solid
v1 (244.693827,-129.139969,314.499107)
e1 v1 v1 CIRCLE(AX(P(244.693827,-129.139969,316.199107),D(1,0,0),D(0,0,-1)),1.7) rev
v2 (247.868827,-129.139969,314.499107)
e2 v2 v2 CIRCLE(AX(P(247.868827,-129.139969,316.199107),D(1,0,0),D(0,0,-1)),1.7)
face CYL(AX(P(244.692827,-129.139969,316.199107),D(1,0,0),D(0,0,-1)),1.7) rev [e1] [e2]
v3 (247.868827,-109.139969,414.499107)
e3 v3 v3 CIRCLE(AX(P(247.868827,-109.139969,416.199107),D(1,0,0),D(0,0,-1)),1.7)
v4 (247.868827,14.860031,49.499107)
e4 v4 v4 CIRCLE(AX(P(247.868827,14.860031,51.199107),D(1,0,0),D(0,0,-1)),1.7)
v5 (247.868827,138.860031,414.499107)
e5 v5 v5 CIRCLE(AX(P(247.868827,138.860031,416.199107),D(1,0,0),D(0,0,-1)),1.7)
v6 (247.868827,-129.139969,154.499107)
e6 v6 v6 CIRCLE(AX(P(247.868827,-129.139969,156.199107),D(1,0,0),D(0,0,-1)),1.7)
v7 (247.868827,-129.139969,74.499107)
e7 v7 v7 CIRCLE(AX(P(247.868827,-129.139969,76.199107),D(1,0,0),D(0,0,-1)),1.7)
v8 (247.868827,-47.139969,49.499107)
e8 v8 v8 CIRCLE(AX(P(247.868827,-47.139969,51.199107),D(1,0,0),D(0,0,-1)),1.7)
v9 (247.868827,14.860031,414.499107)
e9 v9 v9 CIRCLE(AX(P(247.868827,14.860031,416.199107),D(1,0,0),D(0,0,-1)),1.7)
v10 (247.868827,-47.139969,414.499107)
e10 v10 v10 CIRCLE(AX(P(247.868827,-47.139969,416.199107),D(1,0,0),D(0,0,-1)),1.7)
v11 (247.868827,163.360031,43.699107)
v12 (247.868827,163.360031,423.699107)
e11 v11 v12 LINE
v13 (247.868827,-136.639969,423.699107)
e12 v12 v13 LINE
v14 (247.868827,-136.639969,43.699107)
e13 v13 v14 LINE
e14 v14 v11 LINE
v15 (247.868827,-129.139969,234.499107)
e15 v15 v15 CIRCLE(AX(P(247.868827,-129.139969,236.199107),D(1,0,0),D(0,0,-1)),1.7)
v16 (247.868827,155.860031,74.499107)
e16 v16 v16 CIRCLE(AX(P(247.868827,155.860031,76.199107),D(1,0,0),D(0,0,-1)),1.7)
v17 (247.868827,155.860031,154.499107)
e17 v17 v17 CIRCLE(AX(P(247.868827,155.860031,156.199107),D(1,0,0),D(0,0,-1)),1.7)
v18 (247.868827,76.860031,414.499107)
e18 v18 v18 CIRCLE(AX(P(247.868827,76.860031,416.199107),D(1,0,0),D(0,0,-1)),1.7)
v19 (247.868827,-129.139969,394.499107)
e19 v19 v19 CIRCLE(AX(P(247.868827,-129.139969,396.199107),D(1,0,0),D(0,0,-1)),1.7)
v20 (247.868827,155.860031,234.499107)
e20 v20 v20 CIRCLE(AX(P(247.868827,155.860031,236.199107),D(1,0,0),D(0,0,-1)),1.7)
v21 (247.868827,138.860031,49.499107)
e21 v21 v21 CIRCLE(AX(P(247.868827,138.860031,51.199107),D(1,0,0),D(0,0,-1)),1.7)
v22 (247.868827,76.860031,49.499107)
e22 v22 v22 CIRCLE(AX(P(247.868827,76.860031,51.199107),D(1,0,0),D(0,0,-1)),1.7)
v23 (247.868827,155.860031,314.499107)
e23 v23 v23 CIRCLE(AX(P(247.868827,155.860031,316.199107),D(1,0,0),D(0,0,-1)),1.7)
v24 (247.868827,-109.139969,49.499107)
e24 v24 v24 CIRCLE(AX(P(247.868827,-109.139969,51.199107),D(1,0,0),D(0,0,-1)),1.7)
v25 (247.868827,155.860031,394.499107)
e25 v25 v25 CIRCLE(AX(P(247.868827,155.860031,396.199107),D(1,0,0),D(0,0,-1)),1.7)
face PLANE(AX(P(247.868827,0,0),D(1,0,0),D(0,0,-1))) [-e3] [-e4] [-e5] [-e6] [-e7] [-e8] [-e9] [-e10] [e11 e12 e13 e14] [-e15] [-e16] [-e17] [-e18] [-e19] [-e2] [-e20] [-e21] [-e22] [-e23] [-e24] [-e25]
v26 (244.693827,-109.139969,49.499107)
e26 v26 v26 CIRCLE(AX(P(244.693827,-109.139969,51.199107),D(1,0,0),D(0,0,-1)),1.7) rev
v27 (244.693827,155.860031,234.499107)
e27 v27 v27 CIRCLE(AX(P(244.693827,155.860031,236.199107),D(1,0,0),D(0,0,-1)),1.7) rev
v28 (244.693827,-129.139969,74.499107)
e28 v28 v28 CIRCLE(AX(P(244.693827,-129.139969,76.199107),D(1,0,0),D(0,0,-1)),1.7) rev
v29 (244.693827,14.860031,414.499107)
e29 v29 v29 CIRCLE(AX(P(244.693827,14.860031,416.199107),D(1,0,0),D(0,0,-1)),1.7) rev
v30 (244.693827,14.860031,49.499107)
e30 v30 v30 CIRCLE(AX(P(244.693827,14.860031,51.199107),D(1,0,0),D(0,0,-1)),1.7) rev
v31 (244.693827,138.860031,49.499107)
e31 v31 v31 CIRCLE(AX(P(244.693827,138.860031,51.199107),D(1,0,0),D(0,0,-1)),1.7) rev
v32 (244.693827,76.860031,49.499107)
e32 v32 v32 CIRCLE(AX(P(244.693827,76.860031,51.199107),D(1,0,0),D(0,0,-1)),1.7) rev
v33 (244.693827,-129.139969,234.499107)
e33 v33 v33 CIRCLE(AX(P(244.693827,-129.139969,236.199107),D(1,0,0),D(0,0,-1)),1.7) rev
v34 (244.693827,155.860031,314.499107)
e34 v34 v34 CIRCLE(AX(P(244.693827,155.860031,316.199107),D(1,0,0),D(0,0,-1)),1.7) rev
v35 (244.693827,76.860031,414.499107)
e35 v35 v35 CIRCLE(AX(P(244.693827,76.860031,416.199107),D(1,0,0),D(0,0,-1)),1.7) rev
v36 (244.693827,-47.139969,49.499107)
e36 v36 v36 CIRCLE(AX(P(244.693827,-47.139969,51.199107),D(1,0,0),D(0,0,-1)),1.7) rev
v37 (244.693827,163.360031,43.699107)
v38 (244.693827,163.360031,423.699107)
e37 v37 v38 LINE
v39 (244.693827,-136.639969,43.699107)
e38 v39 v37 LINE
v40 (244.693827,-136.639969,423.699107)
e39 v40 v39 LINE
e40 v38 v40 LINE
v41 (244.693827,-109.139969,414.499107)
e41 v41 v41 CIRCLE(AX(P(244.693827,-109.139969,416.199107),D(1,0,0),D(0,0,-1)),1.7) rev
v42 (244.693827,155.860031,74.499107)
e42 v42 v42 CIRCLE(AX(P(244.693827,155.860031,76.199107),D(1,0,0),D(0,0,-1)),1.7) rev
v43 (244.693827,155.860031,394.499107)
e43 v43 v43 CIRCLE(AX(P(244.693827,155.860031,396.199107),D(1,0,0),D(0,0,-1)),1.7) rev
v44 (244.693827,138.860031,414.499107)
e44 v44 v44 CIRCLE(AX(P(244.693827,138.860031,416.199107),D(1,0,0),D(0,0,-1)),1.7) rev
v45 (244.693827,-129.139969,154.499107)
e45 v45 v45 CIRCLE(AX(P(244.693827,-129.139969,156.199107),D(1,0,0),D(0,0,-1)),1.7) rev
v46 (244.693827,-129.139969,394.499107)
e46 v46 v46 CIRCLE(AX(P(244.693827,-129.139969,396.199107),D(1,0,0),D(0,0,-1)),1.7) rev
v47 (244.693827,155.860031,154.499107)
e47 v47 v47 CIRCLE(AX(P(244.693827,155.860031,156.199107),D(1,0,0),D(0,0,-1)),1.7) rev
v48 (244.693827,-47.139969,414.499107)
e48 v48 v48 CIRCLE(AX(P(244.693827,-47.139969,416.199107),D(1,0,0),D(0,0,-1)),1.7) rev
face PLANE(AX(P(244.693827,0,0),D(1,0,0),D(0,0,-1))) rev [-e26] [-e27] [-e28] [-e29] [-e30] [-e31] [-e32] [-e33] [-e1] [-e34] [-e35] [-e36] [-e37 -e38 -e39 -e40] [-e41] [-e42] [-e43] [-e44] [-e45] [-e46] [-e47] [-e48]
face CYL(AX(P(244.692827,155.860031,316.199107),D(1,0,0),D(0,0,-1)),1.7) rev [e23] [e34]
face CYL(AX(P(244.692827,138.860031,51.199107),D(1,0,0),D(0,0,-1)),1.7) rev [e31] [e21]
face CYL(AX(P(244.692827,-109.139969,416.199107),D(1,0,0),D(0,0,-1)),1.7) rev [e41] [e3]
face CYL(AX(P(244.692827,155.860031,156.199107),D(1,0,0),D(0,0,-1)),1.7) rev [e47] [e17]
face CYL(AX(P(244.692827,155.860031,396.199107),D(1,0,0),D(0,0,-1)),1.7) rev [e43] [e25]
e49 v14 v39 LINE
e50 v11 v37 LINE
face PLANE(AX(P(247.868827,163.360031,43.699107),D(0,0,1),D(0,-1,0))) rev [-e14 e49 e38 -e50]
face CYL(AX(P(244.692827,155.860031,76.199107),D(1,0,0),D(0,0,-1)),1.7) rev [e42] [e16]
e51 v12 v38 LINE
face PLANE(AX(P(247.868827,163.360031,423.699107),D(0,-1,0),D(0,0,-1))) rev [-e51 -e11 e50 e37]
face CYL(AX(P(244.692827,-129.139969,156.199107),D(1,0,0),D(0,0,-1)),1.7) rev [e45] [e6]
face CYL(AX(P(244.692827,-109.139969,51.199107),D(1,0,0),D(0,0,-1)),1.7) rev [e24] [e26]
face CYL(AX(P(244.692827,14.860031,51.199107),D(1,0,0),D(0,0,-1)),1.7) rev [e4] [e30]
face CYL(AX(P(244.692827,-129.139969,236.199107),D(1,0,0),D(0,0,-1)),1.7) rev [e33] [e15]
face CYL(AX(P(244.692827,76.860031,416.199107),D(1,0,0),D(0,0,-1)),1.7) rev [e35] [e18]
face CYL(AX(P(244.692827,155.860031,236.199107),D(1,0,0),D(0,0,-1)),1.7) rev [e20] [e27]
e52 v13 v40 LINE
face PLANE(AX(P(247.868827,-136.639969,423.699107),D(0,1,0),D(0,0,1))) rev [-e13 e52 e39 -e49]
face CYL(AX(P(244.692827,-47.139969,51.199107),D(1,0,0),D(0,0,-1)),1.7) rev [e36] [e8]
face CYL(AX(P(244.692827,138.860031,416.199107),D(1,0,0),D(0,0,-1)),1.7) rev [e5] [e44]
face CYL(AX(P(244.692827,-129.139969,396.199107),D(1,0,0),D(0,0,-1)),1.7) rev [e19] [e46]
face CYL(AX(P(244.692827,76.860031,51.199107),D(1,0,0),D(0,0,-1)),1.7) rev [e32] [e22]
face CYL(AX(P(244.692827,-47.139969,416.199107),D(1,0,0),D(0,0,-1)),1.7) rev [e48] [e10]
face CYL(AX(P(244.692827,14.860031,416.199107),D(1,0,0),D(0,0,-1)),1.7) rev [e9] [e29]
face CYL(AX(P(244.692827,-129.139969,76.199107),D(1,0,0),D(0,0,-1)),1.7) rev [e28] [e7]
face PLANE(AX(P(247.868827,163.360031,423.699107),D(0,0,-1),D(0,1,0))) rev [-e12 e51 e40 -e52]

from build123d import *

# Parameters (mm, degrees)
SKETCH1_W         = 380
SKETCH1_H         = 300
PLATE_DEPTH       = 3.175
RAIL_MOUNTS_REACH = 456.112
SKETCH2_R         = 1.7


with BuildPart() as part:
    # Sketch1 → Plate (new body)
    with BuildSketch(Plane(origin=(244.693827342, 0, 0), x_dir=(0, 0, -1), z_dir=(1, 0, 0))):
        with Locations((-233.699106879, 13.360031127)):
            Rectangle(SKETCH1_W, SKETCH1_H)
    extrude(amount=PLATE_DEPTH)

    # Sketch2 → Rail_Mounts (cut, up to next)
    with BuildSketch(Plane(origin=(247.868827342, 0, 0), x_dir=(0, 0, -1), z_dir=(1, 0, 0)), mode=Mode.PRIVATE) as rail_mounts_sk1:
        with Locations((-396.199106879, 155.860031127)):
            Circle(SKETCH2_R)
    rail_mounts_tool1 = extrude(rail_mounts_sk1.sketch, amount=-RAIL_MOUNTS_REACH, mode=Mode.PRIVATE) & part.part
    # Sketch2 → Rail_Mounts (cut, up to next)
    with BuildSketch(Plane(origin=(247.868827342, 0, 0), x_dir=(0, 0, -1), z_dir=(1, 0, 0)), mode=Mode.PRIVATE) as rail_mounts_sk2:
        with Locations((-396.199106879, -129.139968873)):
            Circle(SKETCH2_R)
    rail_mounts_tool2 = extrude(rail_mounts_sk2.sketch, amount=-RAIL_MOUNTS_REACH, mode=Mode.PRIVATE) & part.part
    # Sketch2 → Rail_Mounts (cut, up to next)
    with BuildSketch(Plane(origin=(247.868827342, 0, 0), x_dir=(0, 0, -1), z_dir=(1, 0, 0)), mode=Mode.PRIVATE) as rail_mounts_sk3:
        with Locations((-316.199106879, 155.860031127)):
            Circle(SKETCH2_R)
    rail_mounts_tool3 = extrude(rail_mounts_sk3.sketch, amount=-RAIL_MOUNTS_REACH, mode=Mode.PRIVATE) & part.part
    # Sketch2 → Rail_Mounts (cut, up to next)
    with BuildSketch(Plane(origin=(247.868827342, 0, 0), x_dir=(0, 0, -1), z_dir=(1, 0, 0)), mode=Mode.PRIVATE) as rail_mounts_sk4:
        with Locations((-316.199106879, -129.139968873)):
            Circle(SKETCH2_R)
    rail_mounts_tool4 = extrude(rail_mounts_sk4.sketch, amount=-RAIL_MOUNTS_REACH, mode=Mode.PRIVATE) & part.part
    # Sketch2 → Rail_Mounts (cut, up to next)
    with BuildSketch(Plane(origin=(247.868827342, 0, 0), x_dir=(0, 0, -1), z_dir=(1, 0, 0)), mode=Mode.PRIVATE) as rail_mounts_sk5:
        with Locations((-236.199106879, 155.860031127)):
            Circle(SKETCH2_R)
    rail_mounts_tool5 = extrude(rail_mounts_sk5.sketch, amount=-RAIL_MOUNTS_REACH, mode=Mode.PRIVATE) & part.part
    # Sketch2 → Rail_Mounts (cut, up to next)
    with BuildSketch(Plane(origin=(247.868827342, 0, 0), x_dir=(0, 0, -1), z_dir=(1, 0, 0)), mode=Mode.PRIVATE) as rail_mounts_sk6:
        with Locations((-236.199106879, -129.139968873)):
            Circle(SKETCH2_R)
    rail_mounts_tool6 = extrude(rail_mounts_sk6.sketch, amount=-RAIL_MOUNTS_REACH, mode=Mode.PRIVATE) & part.part
    # Sketch2 → Rail_Mounts (cut, up to next)
    with BuildSketch(Plane(origin=(247.868827342, 0, 0), x_dir=(0, 0, -1), z_dir=(1, 0, 0)), mode=Mode.PRIVATE) as rail_mounts_sk7:
        with Locations((-156.199106879, 155.860031127)):
            Circle(SKETCH2_R)
    rail_mounts_tool7 = extrude(rail_mounts_sk7.sketch, amount=-RAIL_MOUNTS_REACH, mode=Mode.PRIVATE) & part.part
    # Sketch2 → Rail_Mounts (cut, up to next)
    with BuildSketch(Plane(origin=(247.868827342, 0, 0), x_dir=(0, 0, -1), z_dir=(1, 0, 0)), mode=Mode.PRIVATE) as rail_mounts_sk8:
        with Locations((-156.199106879, -129.139968873)):
            Circle(SKETCH2_R)
    rail_mounts_tool8 = extrude(rail_mounts_sk8.sketch, amount=-RAIL_MOUNTS_REACH, mode=Mode.PRIVATE) & part.part
    # Sketch2 → Rail_Mounts (cut, up to next)
    with BuildSketch(Plane(origin=(247.868827342, 0, 0), x_dir=(0, 0, -1), z_dir=(1, 0, 0)), mode=Mode.PRIVATE) as rail_mounts_sk9:
        with Locations((-76.199106879, 155.860031127)):
            Circle(SKETCH2_R)
    rail_mounts_tool9 = extrude(rail_mounts_sk9.sketch, amount=-RAIL_MOUNTS_REACH, mode=Mode.PRIVATE) & part.part
    # Sketch2 → Rail_Mounts (cut, up to next)
    with BuildSketch(Plane(origin=(247.868827342, 0, 0), x_dir=(0, 0, -1), z_dir=(1, 0, 0)), mode=Mode.PRIVATE) as rail_mounts_sk10:
        with Locations((-76.199106879, -129.139968873)):
            Circle(SKETCH2_R)
    rail_mounts_tool10 = extrude(rail_mounts_sk10.sketch, amount=-RAIL_MOUNTS_REACH, mode=Mode.PRIVATE) & part.part
    # Sketch2 → Rail_Mounts (cut, up to next)
    with BuildSketch(Plane(origin=(247.868827342, 0, 0), x_dir=(0, 0, -1), z_dir=(1, 0, 0)), mode=Mode.PRIVATE) as rail_mounts_sk11:
        with Locations((-416.199106879, -109.139968873)):
            Circle(SKETCH2_R)
    rail_mounts_tool11 = extrude(rail_mounts_sk11.sketch, amount=-RAIL_MOUNTS_REACH, mode=Mode.PRIVATE) & part.part
    # Sketch2 → Rail_Mounts (cut, up to next)
    with BuildSketch(Plane(origin=(247.868827342, 0, 0), x_dir=(0, 0, -1), z_dir=(1, 0, 0)), mode=Mode.PRIVATE) as rail_mounts_sk12:
        with Locations((-51.199106879, -109.139968873)):
            Circle(SKETCH2_R)
    rail_mounts_tool12 = extrude(rail_mounts_sk12.sketch, amount=-RAIL_MOUNTS_REACH, mode=Mode.PRIVATE) & part.part
    # Sketch2 → Rail_Mounts (cut, up to next)
    with BuildSketch(Plane(origin=(247.868827342, 0, 0), x_dir=(0, 0, -1), z_dir=(1, 0, 0)), mode=Mode.PRIVATE) as rail_mounts_sk13:
        with Locations((-51.199106879, -47.139968873)):
            Circle(SKETCH2_R)
    rail_mounts_tool13 = extrude(rail_mounts_sk13.sketch, amount=-RAIL_MOUNTS_REACH, mode=Mode.PRIVATE) & part.part
    # Sketch2 → Rail_Mounts (cut, up to next)
    with BuildSketch(Plane(origin=(247.868827342, 0, 0), x_dir=(0, 0, -1), z_dir=(1, 0, 0)), mode=Mode.PRIVATE) as rail_mounts_sk14:
        with Locations((-416.199106879, -47.139968873)):
            Circle(SKETCH2_R)
    rail_mounts_tool14 = extrude(rail_mounts_sk14.sketch, amount=-RAIL_MOUNTS_REACH, mode=Mode.PRIVATE) & part.part
    # Sketch2 → Rail_Mounts (cut, up to next)
    with BuildSketch(Plane(origin=(247.868827342, 0, 0), x_dir=(0, 0, -1), z_dir=(1, 0, 0)), mode=Mode.PRIVATE) as rail_mounts_sk15:
        with Locations((-51.199106879, 14.860031127)):
            Circle(SKETCH2_R)
    rail_mounts_tool15 = extrude(rail_mounts_sk15.sketch, amount=-RAIL_MOUNTS_REACH, mode=Mode.PRIVATE) & part.part
    # Sketch2 → Rail_Mounts (cut, up to next)
    with BuildSketch(Plane(origin=(247.868827342, 0, 0), x_dir=(0, 0, -1), z_dir=(1, 0, 0)), mode=Mode.PRIVATE) as rail_mounts_sk16:
        with Locations((-416.199106879, 14.860031127)):
            Circle(SKETCH2_R)
    rail_mounts_tool16 = extrude(rail_mounts_sk16.sketch, amount=-RAIL_MOUNTS_REACH, mode=Mode.PRIVATE) & part.part
    # Sketch2 → Rail_Mounts (cut, up to next)
    with BuildSketch(Plane(origin=(247.868827342, 0, 0), x_dir=(0, 0, -1), z_dir=(1, 0, 0)), mode=Mode.PRIVATE) as rail_mounts_sk17:
        with Locations((-51.199106879, 76.860031127)):
            Circle(SKETCH2_R)
    rail_mounts_tool17 = extrude(rail_mounts_sk17.sketch, amount=-RAIL_MOUNTS_REACH, mode=Mode.PRIVATE) & part.part
    # Sketch2 → Rail_Mounts (cut, up to next)
    with BuildSketch(Plane(origin=(247.868827342, 0, 0), x_dir=(0, 0, -1), z_dir=(1, 0, 0)), mode=Mode.PRIVATE) as rail_mounts_sk18:
        with Locations((-416.199106879, 76.860031127)):
            Circle(SKETCH2_R)
    rail_mounts_tool18 = extrude(rail_mounts_sk18.sketch, amount=-RAIL_MOUNTS_REACH, mode=Mode.PRIVATE) & part.part
    # Sketch2 → Rail_Mounts (cut, up to next)
    with BuildSketch(Plane(origin=(247.868827342, 0, 0), x_dir=(0, 0, -1), z_dir=(1, 0, 0)), mode=Mode.PRIVATE) as rail_mounts_sk19:
        with Locations((-51.199106879, 138.860031127)):
            Circle(SKETCH2_R)
    rail_mounts_tool19 = extrude(rail_mounts_sk19.sketch, amount=-RAIL_MOUNTS_REACH, mode=Mode.PRIVATE) & part.part
    # Sketch2 → Rail_Mounts (cut, up to next)
    with BuildSketch(Plane(origin=(247.868827342, 0, 0), x_dir=(0, 0, -1), z_dir=(1, 0, 0)), mode=Mode.PRIVATE) as rail_mounts_sk20:
        with Locations((-416.199106879, 138.860031127)):
            Circle(SKETCH2_R)
    rail_mounts_tool20 = extrude(rail_mounts_sk20.sketch, amount=-RAIL_MOUNTS_REACH, mode=Mode.PRIVATE) & part.part
    add(rail_mounts_tool1.solids().sort_by_distance((247.868827, 155.860031, 396.199107))[0], mode=Mode.SUBTRACT)
    add(rail_mounts_tool2.solids().sort_by_distance((247.868827, -129.139969, 396.199107))[0], mode=Mode.SUBTRACT)
    add(rail_mounts_tool3.solids().sort_by_distance((247.868827, 155.860031, 316.199107))[0], mode=Mode.SUBTRACT)
    add(rail_mounts_tool4.solids().sort_by_distance((247.868827, -129.139969, 316.199107))[0], mode=Mode.SUBTRACT)
    add(rail_mounts_tool5.solids().sort_by_distance((247.868827, 155.860031, 236.199107))[0], mode=Mode.SUBTRACT)
    add(rail_mounts_tool6.solids().sort_by_distance((247.868827, -129.139969, 236.199107))[0], mode=Mode.SUBTRACT)
    add(rail_mounts_tool7.solids().sort_by_distance((247.868827, 155.860031, 156.199107))[0], mode=Mode.SUBTRACT)
    add(rail_mounts_tool8.solids().sort_by_distance((247.868827, -129.139969, 156.199107))[0], mode=Mode.SUBTRACT)
    add(rail_mounts_tool9.solids().sort_by_distance((247.868827, 155.860031, 76.199107))[0], mode=Mode.SUBTRACT)
    add(rail_mounts_tool10.solids().sort_by_distance((247.868827, -129.139969, 76.199107))[0], mode=Mode.SUBTRACT)
    add(rail_mounts_tool11.solids().sort_by_distance((247.868827, -109.139969, 416.199107))[0], mode=Mode.SUBTRACT)
    add(rail_mounts_tool12.solids().sort_by_distance((247.868827, -109.139969, 51.199107))[0], mode=Mode.SUBTRACT)
    add(rail_mounts_tool13.solids().sort_by_distance((247.868827, -47.139969, 51.199107))[0], mode=Mode.SUBTRACT)
    add(rail_mounts_tool14.solids().sort_by_distance((247.868827, -47.139969, 416.199107))[0], mode=Mode.SUBTRACT)
    add(rail_mounts_tool15.solids().sort_by_distance((247.868827, 14.860031, 51.199107))[0], mode=Mode.SUBTRACT)
    add(rail_mounts_tool16.solids().sort_by_distance((247.868827, 14.860031, 416.199107))[0], mode=Mode.SUBTRACT)
    add(rail_mounts_tool17.solids().sort_by_distance((247.868827, 76.860031, 51.199107))[0], mode=Mode.SUBTRACT)
    add(rail_mounts_tool18.solids().sort_by_distance((247.868827, 76.860031, 416.199107))[0], mode=Mode.SUBTRACT)
    add(rail_mounts_tool19.solids().sort_by_distance((247.868827, 138.860031, 51.199107))[0], mode=Mode.SUBTRACT)
    add(rail_mounts_tool20.solids().sort_by_distance((247.868827, 138.860031, 416.199107))[0], mode=Mode.SUBTRACT)


solid = part.part
